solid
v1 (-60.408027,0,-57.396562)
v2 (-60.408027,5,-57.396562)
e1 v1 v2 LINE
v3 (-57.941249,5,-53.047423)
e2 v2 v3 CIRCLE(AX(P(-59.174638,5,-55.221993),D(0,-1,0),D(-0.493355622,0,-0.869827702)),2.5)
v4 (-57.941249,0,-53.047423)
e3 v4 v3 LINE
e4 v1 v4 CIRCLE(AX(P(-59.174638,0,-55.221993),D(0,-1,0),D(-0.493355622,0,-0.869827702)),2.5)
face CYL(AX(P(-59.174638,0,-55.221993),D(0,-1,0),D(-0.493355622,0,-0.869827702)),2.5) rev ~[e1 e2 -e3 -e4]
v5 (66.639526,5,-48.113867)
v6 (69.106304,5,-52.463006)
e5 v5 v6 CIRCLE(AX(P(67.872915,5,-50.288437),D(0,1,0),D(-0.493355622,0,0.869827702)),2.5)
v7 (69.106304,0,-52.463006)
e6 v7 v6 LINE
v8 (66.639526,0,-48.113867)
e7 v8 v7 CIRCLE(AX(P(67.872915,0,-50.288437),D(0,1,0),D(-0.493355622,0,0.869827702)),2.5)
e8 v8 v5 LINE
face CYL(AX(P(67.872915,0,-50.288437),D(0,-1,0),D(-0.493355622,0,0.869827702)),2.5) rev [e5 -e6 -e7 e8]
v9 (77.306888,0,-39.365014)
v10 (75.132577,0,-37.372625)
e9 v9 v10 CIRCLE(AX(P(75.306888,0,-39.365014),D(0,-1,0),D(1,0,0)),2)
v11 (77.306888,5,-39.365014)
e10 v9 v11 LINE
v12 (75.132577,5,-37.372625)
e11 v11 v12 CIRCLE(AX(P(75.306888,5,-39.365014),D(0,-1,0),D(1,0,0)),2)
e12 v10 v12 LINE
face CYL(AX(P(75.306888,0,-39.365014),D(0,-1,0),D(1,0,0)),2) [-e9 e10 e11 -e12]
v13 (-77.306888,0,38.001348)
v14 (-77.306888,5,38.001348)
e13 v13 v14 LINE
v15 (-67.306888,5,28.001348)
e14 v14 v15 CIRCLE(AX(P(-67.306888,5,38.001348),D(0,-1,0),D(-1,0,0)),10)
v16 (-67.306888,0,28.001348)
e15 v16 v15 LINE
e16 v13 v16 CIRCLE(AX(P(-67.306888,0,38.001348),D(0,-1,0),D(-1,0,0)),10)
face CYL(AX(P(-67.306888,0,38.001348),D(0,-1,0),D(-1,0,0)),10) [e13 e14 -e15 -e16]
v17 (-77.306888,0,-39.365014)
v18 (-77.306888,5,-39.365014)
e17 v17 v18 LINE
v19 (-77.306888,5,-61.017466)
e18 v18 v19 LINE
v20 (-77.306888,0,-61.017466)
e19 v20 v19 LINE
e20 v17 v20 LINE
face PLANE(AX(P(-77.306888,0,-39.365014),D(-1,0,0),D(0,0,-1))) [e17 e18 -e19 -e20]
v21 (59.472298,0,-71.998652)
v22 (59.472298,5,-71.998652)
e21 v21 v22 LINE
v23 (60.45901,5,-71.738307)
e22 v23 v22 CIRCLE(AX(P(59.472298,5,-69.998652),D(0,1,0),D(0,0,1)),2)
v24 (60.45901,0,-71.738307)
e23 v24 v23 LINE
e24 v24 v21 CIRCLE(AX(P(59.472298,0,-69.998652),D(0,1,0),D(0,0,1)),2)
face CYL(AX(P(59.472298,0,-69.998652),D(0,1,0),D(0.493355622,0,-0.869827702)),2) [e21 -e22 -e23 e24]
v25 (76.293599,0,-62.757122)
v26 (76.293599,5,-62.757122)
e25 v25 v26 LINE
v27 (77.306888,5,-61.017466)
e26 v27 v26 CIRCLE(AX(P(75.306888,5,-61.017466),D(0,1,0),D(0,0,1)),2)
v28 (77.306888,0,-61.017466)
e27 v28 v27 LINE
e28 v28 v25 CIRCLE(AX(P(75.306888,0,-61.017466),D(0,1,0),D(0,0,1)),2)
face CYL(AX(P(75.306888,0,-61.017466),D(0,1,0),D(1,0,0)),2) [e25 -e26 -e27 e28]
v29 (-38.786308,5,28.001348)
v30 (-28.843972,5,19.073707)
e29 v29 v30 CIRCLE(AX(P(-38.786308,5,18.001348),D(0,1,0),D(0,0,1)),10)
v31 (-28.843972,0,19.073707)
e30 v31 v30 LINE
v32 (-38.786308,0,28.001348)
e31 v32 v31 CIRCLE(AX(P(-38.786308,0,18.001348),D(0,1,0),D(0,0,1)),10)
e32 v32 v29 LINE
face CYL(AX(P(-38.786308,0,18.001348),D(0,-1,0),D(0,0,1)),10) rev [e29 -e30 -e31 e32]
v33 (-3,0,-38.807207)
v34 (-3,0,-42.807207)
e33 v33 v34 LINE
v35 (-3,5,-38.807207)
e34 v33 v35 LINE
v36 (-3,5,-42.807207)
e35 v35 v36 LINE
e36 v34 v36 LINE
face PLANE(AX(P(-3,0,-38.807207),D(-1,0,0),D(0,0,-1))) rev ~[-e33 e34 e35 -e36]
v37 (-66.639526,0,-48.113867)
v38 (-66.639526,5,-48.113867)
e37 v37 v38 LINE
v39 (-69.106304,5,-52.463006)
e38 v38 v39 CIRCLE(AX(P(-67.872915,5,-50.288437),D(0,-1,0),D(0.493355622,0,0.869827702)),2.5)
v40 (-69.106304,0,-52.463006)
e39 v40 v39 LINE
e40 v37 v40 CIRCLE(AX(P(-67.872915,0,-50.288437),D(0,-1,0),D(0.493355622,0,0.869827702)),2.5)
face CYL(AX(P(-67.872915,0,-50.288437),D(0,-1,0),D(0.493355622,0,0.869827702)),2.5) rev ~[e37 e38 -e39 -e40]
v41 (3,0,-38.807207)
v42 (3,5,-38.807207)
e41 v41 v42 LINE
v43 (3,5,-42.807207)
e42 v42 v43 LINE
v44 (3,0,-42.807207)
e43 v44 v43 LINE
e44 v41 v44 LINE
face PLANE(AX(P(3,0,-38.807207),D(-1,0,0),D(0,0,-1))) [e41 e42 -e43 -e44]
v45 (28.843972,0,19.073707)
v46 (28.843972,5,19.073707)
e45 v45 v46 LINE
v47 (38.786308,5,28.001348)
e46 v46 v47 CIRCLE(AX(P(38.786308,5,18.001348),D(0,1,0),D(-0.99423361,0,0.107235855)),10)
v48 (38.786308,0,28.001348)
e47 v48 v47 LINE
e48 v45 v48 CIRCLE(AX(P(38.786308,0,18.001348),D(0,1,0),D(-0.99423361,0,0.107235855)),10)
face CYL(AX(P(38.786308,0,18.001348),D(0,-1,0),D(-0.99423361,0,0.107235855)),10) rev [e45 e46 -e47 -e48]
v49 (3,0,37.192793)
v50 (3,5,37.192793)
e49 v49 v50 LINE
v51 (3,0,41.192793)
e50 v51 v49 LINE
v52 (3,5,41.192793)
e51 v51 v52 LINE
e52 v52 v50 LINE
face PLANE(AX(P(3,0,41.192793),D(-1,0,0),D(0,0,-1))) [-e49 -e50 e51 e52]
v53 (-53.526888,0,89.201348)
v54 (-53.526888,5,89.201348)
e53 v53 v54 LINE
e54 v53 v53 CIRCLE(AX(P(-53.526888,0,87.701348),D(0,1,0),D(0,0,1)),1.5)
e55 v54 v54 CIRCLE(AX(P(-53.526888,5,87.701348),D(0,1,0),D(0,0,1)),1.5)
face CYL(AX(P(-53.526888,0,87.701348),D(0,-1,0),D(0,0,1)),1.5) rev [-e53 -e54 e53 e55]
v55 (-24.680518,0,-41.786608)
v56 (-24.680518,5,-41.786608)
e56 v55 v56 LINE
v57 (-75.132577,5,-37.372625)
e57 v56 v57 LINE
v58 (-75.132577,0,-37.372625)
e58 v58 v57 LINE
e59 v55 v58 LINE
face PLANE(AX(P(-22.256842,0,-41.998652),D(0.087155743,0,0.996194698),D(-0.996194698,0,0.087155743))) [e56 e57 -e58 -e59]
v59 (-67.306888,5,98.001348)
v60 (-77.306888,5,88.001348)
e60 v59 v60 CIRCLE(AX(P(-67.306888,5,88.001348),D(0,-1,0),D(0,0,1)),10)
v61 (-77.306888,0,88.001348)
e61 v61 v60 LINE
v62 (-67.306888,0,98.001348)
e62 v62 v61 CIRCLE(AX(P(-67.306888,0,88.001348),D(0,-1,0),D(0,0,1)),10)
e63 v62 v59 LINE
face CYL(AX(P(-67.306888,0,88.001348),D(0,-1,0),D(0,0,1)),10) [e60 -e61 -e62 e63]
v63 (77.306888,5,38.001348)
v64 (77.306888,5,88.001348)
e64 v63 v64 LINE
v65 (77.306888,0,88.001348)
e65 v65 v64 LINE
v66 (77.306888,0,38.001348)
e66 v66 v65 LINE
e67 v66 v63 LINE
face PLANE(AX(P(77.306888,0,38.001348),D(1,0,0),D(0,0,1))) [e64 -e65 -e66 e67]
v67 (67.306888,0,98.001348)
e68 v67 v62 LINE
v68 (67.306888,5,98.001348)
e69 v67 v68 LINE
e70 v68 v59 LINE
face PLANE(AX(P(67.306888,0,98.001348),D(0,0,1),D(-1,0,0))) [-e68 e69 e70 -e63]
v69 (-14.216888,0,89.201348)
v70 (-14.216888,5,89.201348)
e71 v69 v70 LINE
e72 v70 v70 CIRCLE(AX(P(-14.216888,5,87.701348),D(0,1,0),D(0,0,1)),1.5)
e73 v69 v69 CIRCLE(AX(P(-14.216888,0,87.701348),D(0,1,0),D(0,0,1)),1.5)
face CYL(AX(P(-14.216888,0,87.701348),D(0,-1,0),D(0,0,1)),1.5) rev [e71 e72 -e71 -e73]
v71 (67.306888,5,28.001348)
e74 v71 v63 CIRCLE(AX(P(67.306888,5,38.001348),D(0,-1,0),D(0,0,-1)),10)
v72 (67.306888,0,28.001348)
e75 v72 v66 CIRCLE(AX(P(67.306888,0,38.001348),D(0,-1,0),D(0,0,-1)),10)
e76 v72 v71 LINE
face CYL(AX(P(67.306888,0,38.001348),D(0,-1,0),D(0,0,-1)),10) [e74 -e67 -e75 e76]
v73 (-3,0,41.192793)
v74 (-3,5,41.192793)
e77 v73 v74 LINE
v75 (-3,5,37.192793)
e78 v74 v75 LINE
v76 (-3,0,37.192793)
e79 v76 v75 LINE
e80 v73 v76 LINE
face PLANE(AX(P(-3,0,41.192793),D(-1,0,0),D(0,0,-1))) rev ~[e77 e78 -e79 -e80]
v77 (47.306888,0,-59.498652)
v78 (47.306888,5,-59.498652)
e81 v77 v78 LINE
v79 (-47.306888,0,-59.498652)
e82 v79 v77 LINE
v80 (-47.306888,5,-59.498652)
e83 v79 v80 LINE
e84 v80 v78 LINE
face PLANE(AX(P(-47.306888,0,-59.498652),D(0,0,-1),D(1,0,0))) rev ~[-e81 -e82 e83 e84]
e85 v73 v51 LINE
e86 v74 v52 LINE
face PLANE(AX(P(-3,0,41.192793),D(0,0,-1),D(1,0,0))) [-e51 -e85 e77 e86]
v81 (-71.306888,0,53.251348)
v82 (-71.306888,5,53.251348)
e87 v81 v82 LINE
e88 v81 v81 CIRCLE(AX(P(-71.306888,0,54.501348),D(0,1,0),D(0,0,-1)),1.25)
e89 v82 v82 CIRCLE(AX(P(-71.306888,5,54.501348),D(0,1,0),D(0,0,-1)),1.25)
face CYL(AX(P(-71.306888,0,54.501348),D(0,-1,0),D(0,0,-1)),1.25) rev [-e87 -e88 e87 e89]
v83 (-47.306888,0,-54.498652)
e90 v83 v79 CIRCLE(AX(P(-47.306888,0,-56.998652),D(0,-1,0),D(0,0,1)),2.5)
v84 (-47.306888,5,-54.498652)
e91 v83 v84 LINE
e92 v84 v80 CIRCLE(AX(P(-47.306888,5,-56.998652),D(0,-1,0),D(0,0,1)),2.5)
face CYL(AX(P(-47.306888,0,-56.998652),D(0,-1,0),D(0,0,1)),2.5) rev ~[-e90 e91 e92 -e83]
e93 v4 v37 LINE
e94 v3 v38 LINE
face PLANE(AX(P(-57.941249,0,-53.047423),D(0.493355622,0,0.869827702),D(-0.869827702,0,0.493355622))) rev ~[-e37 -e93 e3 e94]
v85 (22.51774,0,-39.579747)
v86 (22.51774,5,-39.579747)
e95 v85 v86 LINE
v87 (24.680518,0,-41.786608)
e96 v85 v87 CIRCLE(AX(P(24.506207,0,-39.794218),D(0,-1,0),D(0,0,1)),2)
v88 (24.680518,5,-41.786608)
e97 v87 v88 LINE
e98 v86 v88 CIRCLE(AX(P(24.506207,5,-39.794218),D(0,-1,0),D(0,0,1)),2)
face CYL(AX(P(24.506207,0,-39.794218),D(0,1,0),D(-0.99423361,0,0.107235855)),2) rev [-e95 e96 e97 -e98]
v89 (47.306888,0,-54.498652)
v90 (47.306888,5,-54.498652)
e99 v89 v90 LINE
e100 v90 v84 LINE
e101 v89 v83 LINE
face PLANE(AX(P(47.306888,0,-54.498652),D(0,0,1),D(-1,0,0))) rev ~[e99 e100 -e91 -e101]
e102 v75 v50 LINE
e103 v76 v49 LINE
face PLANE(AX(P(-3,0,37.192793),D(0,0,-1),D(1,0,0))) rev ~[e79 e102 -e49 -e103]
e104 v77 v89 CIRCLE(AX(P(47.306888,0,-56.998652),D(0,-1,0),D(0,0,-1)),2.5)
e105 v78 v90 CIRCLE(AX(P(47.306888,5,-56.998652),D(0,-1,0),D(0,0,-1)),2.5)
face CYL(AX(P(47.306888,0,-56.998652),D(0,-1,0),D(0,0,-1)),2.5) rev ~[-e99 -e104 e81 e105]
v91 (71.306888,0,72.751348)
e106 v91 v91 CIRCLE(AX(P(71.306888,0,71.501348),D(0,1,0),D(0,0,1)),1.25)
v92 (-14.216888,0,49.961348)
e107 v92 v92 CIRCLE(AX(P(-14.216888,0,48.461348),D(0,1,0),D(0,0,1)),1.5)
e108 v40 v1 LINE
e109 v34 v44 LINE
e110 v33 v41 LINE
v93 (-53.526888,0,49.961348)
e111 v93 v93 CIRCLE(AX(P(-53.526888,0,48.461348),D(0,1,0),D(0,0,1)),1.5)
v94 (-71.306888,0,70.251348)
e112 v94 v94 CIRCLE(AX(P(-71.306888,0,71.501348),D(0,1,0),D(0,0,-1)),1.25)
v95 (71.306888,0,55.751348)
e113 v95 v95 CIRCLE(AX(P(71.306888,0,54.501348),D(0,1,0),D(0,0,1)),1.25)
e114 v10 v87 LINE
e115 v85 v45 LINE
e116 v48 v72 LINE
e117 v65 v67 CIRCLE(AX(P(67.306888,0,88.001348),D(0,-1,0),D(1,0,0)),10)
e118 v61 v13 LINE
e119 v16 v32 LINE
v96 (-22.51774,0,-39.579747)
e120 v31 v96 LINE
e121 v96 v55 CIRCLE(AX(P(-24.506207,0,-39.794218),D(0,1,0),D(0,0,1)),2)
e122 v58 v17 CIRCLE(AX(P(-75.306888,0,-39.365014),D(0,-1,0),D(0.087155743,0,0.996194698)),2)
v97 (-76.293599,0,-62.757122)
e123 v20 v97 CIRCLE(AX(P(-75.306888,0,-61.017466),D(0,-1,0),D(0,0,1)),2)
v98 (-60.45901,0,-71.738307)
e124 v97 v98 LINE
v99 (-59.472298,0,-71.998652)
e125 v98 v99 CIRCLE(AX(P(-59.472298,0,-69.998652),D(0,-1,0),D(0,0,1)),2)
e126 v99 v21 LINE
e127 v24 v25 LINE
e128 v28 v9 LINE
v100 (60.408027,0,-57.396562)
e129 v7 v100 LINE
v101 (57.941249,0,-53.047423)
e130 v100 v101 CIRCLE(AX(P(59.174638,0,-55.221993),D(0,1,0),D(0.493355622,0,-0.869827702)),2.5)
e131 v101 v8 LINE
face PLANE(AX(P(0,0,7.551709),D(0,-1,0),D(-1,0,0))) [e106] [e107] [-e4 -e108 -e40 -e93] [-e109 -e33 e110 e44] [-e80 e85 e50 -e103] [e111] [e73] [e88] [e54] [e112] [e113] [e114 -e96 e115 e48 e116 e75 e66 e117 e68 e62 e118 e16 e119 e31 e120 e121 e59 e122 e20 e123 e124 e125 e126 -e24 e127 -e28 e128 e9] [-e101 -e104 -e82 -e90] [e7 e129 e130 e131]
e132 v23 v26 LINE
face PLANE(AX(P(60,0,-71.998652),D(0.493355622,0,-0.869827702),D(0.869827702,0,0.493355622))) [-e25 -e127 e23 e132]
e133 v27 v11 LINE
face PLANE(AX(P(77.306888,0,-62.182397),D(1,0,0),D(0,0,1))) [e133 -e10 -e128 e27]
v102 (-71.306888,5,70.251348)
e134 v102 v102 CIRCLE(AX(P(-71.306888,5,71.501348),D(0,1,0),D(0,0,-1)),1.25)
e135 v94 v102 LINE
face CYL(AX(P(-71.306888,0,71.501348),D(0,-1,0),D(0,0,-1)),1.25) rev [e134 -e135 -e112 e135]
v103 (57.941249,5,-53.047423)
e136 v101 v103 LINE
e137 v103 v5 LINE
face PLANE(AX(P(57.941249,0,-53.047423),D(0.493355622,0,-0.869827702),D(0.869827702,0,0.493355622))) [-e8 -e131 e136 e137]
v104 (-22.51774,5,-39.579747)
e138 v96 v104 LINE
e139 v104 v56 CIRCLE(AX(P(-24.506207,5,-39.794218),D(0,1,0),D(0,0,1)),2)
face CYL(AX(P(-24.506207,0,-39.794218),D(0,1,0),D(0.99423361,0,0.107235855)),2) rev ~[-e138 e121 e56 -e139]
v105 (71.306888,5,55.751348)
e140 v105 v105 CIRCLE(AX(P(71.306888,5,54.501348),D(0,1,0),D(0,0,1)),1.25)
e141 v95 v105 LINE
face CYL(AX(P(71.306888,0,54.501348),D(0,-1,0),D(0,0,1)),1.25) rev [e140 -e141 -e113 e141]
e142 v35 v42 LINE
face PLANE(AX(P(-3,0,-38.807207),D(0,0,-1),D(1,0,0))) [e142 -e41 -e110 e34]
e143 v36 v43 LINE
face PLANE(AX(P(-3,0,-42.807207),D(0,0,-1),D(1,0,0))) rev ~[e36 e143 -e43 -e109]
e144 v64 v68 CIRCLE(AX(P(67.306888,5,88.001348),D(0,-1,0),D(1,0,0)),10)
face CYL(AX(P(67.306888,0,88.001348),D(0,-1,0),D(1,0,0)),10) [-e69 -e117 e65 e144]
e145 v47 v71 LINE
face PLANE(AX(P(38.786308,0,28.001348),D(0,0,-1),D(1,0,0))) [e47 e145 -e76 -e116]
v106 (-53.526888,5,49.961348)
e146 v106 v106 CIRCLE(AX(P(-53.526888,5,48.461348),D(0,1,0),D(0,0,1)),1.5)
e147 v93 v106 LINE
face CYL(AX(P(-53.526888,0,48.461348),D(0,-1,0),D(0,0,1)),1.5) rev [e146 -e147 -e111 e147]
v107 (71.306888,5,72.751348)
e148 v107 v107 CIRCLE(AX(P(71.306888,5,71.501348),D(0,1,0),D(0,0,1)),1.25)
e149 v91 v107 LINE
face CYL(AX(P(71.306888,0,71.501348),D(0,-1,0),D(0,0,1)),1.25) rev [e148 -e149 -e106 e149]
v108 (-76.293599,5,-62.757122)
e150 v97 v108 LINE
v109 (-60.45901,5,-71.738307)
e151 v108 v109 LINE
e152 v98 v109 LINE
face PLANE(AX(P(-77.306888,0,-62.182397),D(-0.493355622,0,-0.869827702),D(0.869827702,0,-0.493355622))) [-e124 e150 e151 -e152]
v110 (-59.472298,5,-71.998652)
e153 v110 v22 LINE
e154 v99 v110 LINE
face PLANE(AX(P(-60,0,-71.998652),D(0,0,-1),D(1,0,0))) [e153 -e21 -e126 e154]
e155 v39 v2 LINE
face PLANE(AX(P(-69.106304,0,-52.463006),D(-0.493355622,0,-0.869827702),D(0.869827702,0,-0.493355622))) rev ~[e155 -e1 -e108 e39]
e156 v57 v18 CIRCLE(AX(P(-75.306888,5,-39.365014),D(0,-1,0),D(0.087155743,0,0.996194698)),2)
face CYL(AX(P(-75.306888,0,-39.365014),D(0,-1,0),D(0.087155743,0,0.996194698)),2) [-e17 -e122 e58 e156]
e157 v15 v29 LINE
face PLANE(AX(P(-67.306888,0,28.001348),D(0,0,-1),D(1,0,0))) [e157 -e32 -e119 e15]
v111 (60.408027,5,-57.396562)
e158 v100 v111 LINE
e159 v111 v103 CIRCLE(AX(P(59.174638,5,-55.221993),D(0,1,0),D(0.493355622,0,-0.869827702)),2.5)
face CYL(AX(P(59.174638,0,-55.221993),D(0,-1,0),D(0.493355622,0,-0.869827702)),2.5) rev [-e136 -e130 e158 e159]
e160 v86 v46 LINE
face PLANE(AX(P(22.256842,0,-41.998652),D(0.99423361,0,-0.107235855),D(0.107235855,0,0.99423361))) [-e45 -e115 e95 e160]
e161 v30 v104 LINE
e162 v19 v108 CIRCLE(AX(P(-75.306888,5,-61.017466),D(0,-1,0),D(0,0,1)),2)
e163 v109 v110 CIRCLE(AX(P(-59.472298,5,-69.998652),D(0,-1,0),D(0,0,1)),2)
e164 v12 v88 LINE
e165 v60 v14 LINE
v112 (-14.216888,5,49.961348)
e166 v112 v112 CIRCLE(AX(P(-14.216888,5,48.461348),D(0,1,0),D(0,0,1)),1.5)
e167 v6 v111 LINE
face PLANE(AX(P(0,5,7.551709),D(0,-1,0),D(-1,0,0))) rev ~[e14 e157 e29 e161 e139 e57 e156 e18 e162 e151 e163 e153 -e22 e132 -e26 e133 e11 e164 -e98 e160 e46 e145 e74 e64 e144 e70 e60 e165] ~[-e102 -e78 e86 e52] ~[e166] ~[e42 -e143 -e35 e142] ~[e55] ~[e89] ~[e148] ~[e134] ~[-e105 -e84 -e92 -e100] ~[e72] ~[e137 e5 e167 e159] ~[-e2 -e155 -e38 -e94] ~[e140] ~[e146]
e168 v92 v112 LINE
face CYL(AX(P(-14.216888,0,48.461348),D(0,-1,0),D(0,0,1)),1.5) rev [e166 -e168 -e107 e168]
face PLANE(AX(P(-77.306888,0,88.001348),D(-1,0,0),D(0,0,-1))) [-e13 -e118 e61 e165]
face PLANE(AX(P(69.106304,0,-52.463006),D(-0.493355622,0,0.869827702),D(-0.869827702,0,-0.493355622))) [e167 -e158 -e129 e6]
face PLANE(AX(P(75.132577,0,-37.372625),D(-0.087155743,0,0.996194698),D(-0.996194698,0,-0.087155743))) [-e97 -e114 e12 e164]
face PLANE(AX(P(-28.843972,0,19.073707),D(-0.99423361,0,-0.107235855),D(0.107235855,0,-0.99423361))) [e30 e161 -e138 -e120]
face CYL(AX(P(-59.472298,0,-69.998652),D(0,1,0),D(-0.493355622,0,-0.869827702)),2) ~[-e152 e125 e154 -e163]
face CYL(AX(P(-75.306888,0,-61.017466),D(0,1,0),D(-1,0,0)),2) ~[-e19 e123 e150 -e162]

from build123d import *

# Parameters (mm, degrees)
SKETCH4_R           = 1.25
SKETCH4_R_2         = 1.5
SKETCH4_W           = 6
SKETCH4_H           = 4
BOSS_EXTRUDE1_DEPTH = 5
FILLET2_R           = 2


with BuildPart() as part:
    # Sketch4 → Boss-Extrude1 (new body)
    with BuildSketch(Plane(origin=(0, 0, 0), x_dir=(1, 0, 0), z_dir=(0, 1, 0))):
        with BuildLine():
            Line((67.306888039, -98.001348092), (-67.306888039, -98.001348092))
            ThreePointArc((-67.306888039, -98.001348092), (-74.37795585, -95.072415903), (-77.306888039, -88.001348092))
            Line((-77.306888039, -88.001348092), (-77.306888039, -38.001348092))
            ThreePointArc((-77.306888039, -38.001348092), (-74.37795585, -30.93028028), (-67.306888039, -28.001348092))
            Line((-67.306888039, -28.001348092), (-38.78630833, -28.001348092))
            ThreePointArc((-38.78630833, -28.001348092), (-32.105125256, -25.441898658), (-28.843972229, -19.073706639))
            Line((-28.843972229, -19.073706639), (-22.256841696, 41.998651908))
            Line((-22.256841696, 41.998651908), (-75.132576553, 37.372624533))
            ThreePointArc((-75.132576553, 37.372624533), (-76.658068454, 37.890459255), (-77.306888039, 39.365013929))
            Line((-77.306888039, 39.365013929), (-77.306888039, 62.182396927))
            Line((-77.306888039, 62.182396927), (-60, 71.998651908))
            Line((-60, 71.998651908), (60, 71.998651908))
            Line((60, 71.998651908), (77.306888039, 62.182396927))
            Line((77.306888039, 62.182396927), (77.306888039, 39.365013929))
            ThreePointArc((77.306888039, 39.365013929), (76.658068454, 37.890459255), (75.132576553, 37.372624533))
            Line((75.132576553, 37.372624533), (22.256841696, 41.998651908))
            Line((22.256841696, 41.998651908), (28.843972229, -19.073706639))
            ThreePointArc((28.843972229, -19.073706639), (32.105125256, -25.441898658), (38.78630833, -28.001348092))
            Line((38.78630833, -28.001348092), (67.306888039, -28.001348092))
            ThreePointArc((67.306888039, -28.001348092), (74.37795585, -30.93028028), (77.306888039, -38.001348092))
            Line((77.306888039, -38.001348092), (77.306888039, -88.001348092))
            ThreePointArc((77.306888039, -88.001348092), (74.37795585, -95.072415903), (67.306888039, -98.001348092))
        make_face()
        with Locations(Location((71.306888039, -54.501348092, 0), (0, 0, 270))):
            Circle(SKETCH4_R, mode=Mode.SUBTRACT)
        with Locations(Location((71.306888039, -71.501348092, 0), (0, 0, 270))):
            Circle(SKETCH4_R, mode=Mode.SUBTRACT)
        with Locations(Location((-71.306888039, -71.501348092, 0), (0, 0, 90))):
            Circle(SKETCH4_R, mode=Mode.SUBTRACT)
        with Locations(Location((-71.306888039, -54.501348092, 0), (0, 0, 90))):
            Circle(SKETCH4_R, mode=Mode.SUBTRACT)
        with Locations(Location((-53.526888039, -87.701348092, 0), (0, 0, 270))):
            Circle(SKETCH4_R_2, mode=Mode.SUBTRACT)
        with Locations(Location((-53.526888039, -48.461348092, 0), (0, 0, 270))):
            Circle(SKETCH4_R_2, mode=Mode.SUBTRACT)
        with Locations(Location((-14.216888039, -48.461348092, 0), (0, 0, 270))):
            Circle(SKETCH4_R_2, mode=Mode.SUBTRACT)
        with Locations(Location((-14.216888039, -87.701348092, 0), (0, 0, 270))):
            Circle(SKETCH4_R_2, mode=Mode.SUBTRACT)
        with BuildLine():
            Line((-47.306888039, 59.498651908), (47.306888039, 59.498651908))
            ThreePointArc((47.306888039, 59.498651908), (49.806888039, 56.998651908), (47.306888039, 54.498651908))
            Line((47.306888039, 54.498651908), (-47.306888039, 54.498651908))
            ThreePointArc((-47.306888039, 54.498651908), (-49.806888039, 56.998651908), (-47.306888039, 59.498651908))
        make_face(mode=Mode.SUBTRACT)
        with BuildLine():
            Line((-57.941248655, 53.047423499), (-66.639525671, 48.113867281))
            ThreePointArc((-66.639525671, 48.113867281), (-70.047483979, 49.055047481), (-69.10630378, 52.463005789))
            Line((-69.10630378, 52.463005789), (-60.408026764, 57.396562007))
            ThreePointArc((-60.408026764, 57.396562007), (-57.000068455, 56.455381807), (-57.941248655, 53.047423499))
        make_face(mode=Mode.SUBTRACT)
        with BuildLine():
            Line((57.941248655, 53.047423499), (66.639525671, 48.113867281))
            ThreePointArc((66.639525671, 48.113867281), (70.047483979, 49.055047481), (69.10630378, 52.463005789))
            Line((69.10630378, 52.463005789), (60.408026764, 57.396562007))
            ThreePointArc((60.408026764, 57.396562007), (57.000068455, 56.455381807), (57.941248655, 53.047423499))
        make_face(mode=Mode.SUBTRACT)
        with Locations((0, 40.807207385)):
            Rectangle(SKETCH4_W, SKETCH4_H, mode=Mode.SUBTRACT)
        with Locations((0, -39.192792615)):
            Rectangle(SKETCH4_W, SKETCH4_H, mode=Mode.SUBTRACT)
    extrude(amount=BOSS_EXTRUDE1_DEPTH)

    # Fillet2
    fillet2_edges = [part.edges().sort_by_distance(p)[0] for p in [
        (-22.256841696, 2.5, -41.998651908),
        (-77.306888039, 2.5, -62.182396927),
        (-60, 2.5, -71.998651908),
        (60, 2.5, -71.998651908),
        (77.306888039, 2.5, -62.182396927),
        (22.256841696, 2.5, -41.998651908),
    ]]
    fillet(fillet2_edges, radius=FILLET2_R)


solid = part.part
